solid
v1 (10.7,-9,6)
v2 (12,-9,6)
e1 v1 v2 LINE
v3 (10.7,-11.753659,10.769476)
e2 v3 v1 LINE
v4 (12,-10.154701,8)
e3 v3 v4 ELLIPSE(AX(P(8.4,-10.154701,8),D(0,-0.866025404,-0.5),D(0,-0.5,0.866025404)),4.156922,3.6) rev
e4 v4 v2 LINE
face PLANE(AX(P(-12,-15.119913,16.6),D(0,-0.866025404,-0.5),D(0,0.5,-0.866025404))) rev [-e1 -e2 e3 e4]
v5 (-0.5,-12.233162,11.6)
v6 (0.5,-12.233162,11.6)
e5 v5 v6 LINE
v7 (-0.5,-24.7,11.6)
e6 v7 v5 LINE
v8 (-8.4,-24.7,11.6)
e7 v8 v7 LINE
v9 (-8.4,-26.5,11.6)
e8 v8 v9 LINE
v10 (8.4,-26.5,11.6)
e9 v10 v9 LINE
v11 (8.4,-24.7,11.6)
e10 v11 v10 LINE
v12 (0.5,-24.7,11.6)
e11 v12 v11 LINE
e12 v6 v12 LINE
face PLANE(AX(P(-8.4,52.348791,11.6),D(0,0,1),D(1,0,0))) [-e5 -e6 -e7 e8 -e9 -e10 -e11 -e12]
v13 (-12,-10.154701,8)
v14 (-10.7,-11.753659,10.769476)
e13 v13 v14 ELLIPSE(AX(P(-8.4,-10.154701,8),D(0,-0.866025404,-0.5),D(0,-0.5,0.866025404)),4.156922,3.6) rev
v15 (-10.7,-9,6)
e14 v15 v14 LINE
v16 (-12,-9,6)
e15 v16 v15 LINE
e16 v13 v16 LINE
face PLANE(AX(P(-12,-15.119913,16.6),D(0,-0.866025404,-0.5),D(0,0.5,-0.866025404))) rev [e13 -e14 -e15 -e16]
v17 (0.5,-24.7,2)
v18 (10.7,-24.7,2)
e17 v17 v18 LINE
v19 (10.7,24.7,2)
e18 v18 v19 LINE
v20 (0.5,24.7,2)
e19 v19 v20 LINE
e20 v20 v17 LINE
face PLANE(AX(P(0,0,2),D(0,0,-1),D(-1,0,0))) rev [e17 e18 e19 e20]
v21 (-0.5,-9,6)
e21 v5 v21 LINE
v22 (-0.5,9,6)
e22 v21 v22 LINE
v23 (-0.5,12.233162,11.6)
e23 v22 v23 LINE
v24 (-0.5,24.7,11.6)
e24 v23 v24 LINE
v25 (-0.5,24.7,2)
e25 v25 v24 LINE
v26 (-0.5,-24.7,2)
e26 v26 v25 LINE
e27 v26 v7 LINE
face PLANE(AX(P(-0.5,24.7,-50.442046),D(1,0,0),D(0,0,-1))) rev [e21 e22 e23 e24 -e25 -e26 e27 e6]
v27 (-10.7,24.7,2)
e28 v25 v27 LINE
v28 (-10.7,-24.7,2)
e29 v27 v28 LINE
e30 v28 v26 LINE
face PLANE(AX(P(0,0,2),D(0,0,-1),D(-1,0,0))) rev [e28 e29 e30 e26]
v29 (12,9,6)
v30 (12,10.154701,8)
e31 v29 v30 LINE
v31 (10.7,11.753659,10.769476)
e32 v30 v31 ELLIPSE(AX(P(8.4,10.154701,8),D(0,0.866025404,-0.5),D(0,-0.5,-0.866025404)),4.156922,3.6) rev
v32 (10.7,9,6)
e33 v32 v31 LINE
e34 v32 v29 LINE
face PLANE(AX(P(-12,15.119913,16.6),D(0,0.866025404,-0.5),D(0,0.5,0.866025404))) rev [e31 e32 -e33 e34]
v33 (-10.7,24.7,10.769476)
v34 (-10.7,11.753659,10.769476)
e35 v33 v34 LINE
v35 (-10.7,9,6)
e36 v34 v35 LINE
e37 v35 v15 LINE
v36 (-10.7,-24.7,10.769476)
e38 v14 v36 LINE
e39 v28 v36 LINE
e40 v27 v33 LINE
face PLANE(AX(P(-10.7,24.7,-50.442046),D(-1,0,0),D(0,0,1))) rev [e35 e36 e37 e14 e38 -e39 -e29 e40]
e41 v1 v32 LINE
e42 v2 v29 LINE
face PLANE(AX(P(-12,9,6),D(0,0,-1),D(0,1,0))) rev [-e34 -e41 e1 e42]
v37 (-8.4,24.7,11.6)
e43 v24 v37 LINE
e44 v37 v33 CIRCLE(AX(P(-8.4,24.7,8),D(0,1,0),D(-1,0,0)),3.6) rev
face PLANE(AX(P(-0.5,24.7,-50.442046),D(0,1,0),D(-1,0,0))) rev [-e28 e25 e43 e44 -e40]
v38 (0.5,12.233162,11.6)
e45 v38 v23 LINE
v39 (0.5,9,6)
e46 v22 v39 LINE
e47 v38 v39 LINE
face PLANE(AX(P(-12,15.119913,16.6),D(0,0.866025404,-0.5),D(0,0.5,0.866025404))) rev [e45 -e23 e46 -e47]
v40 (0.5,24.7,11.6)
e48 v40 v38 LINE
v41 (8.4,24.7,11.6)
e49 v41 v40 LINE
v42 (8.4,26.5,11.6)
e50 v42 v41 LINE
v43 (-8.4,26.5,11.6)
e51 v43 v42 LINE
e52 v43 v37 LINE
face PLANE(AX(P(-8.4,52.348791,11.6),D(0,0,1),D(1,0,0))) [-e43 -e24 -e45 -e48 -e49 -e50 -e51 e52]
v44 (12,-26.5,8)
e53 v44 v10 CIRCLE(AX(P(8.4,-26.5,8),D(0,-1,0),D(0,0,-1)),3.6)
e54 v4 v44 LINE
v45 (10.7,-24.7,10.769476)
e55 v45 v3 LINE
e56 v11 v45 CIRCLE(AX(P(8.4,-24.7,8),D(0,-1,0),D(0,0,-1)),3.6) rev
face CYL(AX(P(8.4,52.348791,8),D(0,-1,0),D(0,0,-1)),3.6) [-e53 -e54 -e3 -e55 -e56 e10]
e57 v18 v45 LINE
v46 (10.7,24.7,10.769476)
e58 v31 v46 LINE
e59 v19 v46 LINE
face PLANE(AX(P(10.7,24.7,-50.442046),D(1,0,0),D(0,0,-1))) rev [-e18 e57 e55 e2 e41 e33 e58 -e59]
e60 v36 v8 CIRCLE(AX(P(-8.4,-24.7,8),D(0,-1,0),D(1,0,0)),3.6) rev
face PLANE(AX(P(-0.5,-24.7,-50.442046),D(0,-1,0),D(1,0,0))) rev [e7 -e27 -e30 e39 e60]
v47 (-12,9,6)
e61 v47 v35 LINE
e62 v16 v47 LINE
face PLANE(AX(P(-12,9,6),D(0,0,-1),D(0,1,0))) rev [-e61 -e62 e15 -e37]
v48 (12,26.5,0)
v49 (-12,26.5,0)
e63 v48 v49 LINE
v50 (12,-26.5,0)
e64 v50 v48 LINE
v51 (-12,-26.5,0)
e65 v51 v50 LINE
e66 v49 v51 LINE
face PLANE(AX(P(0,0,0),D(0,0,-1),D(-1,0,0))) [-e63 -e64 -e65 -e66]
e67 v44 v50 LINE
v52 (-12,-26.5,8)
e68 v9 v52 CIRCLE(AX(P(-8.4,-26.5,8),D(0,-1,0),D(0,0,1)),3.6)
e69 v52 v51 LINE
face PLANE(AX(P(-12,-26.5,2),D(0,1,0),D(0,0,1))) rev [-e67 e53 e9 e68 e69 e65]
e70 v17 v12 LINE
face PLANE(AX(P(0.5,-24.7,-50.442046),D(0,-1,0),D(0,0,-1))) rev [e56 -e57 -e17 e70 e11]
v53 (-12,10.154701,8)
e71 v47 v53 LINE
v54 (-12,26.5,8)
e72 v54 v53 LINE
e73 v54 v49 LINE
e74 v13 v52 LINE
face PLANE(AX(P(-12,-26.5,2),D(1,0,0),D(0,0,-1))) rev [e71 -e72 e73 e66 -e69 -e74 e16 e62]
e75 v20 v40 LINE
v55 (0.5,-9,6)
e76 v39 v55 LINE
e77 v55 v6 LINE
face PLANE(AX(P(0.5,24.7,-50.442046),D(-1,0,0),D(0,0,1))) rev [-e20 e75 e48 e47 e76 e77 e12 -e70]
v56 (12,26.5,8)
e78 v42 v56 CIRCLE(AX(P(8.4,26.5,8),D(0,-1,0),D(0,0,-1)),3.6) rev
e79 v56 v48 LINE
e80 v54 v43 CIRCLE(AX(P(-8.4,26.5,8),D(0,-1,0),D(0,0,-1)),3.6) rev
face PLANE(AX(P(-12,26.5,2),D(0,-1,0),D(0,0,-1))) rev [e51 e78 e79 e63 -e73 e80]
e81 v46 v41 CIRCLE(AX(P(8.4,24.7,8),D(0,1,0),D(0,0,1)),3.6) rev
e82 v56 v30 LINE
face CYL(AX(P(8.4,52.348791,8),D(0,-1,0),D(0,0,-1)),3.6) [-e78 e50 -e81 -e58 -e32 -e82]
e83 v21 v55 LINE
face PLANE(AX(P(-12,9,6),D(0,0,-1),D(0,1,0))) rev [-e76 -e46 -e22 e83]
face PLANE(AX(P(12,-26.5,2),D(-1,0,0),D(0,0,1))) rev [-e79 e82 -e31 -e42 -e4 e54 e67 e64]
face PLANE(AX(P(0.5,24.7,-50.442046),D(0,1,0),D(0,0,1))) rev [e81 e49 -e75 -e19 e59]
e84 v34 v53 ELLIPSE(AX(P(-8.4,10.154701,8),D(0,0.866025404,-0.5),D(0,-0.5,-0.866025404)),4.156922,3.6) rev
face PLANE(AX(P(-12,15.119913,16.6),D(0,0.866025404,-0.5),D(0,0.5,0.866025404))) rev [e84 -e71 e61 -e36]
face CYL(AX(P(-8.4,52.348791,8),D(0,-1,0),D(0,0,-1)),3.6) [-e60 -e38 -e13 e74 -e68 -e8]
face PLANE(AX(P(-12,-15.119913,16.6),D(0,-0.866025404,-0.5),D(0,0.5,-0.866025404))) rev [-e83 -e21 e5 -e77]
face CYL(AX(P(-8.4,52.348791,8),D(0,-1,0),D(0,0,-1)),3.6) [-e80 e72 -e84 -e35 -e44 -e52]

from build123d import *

# Parameters (mm, degrees)
SKETCH1_W               = 24
SKETCH1_H               = 53
BOSS_EXTRUDE1_DEPTH     = 2
BOSS_EXTRUDE2_DEPTH     = 53
SKETCH3_W               = 10.2
SKETCH3_H               = 49.4
CUT_EXTRUDE1_DEPTH      = 9.6
CUT_EXTRUDE2_DEPTH      = 32.317886263
CUT_EXTRUDE2_DEPTH_BACK = 32.317886263


with BuildPart() as part:
    # Sketch1 → Boss-Extrude1 (new body)
    with BuildSketch(Plane.XY):
        Rectangle(SKETCH1_W, SKETCH1_H)
    extrude(amount=BOSS_EXTRUDE1_DEPTH)

    # Sketch2 → Boss-Extrude2 (add)
    with BuildSketch(Plane.XZ.offset(26.5)):
        with BuildLine():
            Line((-8.4, 11.6), (8.4, 11.6))
            ThreePointArc((8.4, 11.6), (10.945584412, 10.545584412), (12, 8))
            Line((12, 8), (12, 2))
            Line((12, 2), (-12, 2))
            Line((-12, 2), (-12, 8))
            ThreePointArc((-12, 8), (-10.945584412, 10.545584412), (-8.4, 11.6))
        make_face()
    extrude(amount=-BOSS_EXTRUDE2_DEPTH)

    # Sketch3 → Cut-Extrude1 (cut)
    with BuildSketch(Plane.XY.offset(11.6)):
        with Locations((5.6, 0)):
            Rectangle(SKETCH3_W, SKETCH3_H)
        with Locations((-5.6, 0)):
            Rectangle(SKETCH3_W, SKETCH3_H)
    extrude(amount=-CUT_EXTRUDE1_DEPTH, mode=Mode.SUBTRACT)

    # Sketch4 → Cut-Extrude2 (cut, two sides: drawn at the far end of the back side and taken through both)
    with BuildSketch(Plane(origin=(0, 0, 0), x_dir=(0, 0, -1), z_dir=(1, 0, 0)).offset(-CUT_EXTRUDE2_DEPTH_BACK)):
        Polygon((-16.6, -15.119912853), (-16.6, 15.119912853), (-6, 9), (-6, -9), align=None)
    extrude(amount=CUT_EXTRUDE2_DEPTH + CUT_EXTRUDE2_DEPTH_BACK, mode=Mode.SUBTRACT)


solid = part.part
